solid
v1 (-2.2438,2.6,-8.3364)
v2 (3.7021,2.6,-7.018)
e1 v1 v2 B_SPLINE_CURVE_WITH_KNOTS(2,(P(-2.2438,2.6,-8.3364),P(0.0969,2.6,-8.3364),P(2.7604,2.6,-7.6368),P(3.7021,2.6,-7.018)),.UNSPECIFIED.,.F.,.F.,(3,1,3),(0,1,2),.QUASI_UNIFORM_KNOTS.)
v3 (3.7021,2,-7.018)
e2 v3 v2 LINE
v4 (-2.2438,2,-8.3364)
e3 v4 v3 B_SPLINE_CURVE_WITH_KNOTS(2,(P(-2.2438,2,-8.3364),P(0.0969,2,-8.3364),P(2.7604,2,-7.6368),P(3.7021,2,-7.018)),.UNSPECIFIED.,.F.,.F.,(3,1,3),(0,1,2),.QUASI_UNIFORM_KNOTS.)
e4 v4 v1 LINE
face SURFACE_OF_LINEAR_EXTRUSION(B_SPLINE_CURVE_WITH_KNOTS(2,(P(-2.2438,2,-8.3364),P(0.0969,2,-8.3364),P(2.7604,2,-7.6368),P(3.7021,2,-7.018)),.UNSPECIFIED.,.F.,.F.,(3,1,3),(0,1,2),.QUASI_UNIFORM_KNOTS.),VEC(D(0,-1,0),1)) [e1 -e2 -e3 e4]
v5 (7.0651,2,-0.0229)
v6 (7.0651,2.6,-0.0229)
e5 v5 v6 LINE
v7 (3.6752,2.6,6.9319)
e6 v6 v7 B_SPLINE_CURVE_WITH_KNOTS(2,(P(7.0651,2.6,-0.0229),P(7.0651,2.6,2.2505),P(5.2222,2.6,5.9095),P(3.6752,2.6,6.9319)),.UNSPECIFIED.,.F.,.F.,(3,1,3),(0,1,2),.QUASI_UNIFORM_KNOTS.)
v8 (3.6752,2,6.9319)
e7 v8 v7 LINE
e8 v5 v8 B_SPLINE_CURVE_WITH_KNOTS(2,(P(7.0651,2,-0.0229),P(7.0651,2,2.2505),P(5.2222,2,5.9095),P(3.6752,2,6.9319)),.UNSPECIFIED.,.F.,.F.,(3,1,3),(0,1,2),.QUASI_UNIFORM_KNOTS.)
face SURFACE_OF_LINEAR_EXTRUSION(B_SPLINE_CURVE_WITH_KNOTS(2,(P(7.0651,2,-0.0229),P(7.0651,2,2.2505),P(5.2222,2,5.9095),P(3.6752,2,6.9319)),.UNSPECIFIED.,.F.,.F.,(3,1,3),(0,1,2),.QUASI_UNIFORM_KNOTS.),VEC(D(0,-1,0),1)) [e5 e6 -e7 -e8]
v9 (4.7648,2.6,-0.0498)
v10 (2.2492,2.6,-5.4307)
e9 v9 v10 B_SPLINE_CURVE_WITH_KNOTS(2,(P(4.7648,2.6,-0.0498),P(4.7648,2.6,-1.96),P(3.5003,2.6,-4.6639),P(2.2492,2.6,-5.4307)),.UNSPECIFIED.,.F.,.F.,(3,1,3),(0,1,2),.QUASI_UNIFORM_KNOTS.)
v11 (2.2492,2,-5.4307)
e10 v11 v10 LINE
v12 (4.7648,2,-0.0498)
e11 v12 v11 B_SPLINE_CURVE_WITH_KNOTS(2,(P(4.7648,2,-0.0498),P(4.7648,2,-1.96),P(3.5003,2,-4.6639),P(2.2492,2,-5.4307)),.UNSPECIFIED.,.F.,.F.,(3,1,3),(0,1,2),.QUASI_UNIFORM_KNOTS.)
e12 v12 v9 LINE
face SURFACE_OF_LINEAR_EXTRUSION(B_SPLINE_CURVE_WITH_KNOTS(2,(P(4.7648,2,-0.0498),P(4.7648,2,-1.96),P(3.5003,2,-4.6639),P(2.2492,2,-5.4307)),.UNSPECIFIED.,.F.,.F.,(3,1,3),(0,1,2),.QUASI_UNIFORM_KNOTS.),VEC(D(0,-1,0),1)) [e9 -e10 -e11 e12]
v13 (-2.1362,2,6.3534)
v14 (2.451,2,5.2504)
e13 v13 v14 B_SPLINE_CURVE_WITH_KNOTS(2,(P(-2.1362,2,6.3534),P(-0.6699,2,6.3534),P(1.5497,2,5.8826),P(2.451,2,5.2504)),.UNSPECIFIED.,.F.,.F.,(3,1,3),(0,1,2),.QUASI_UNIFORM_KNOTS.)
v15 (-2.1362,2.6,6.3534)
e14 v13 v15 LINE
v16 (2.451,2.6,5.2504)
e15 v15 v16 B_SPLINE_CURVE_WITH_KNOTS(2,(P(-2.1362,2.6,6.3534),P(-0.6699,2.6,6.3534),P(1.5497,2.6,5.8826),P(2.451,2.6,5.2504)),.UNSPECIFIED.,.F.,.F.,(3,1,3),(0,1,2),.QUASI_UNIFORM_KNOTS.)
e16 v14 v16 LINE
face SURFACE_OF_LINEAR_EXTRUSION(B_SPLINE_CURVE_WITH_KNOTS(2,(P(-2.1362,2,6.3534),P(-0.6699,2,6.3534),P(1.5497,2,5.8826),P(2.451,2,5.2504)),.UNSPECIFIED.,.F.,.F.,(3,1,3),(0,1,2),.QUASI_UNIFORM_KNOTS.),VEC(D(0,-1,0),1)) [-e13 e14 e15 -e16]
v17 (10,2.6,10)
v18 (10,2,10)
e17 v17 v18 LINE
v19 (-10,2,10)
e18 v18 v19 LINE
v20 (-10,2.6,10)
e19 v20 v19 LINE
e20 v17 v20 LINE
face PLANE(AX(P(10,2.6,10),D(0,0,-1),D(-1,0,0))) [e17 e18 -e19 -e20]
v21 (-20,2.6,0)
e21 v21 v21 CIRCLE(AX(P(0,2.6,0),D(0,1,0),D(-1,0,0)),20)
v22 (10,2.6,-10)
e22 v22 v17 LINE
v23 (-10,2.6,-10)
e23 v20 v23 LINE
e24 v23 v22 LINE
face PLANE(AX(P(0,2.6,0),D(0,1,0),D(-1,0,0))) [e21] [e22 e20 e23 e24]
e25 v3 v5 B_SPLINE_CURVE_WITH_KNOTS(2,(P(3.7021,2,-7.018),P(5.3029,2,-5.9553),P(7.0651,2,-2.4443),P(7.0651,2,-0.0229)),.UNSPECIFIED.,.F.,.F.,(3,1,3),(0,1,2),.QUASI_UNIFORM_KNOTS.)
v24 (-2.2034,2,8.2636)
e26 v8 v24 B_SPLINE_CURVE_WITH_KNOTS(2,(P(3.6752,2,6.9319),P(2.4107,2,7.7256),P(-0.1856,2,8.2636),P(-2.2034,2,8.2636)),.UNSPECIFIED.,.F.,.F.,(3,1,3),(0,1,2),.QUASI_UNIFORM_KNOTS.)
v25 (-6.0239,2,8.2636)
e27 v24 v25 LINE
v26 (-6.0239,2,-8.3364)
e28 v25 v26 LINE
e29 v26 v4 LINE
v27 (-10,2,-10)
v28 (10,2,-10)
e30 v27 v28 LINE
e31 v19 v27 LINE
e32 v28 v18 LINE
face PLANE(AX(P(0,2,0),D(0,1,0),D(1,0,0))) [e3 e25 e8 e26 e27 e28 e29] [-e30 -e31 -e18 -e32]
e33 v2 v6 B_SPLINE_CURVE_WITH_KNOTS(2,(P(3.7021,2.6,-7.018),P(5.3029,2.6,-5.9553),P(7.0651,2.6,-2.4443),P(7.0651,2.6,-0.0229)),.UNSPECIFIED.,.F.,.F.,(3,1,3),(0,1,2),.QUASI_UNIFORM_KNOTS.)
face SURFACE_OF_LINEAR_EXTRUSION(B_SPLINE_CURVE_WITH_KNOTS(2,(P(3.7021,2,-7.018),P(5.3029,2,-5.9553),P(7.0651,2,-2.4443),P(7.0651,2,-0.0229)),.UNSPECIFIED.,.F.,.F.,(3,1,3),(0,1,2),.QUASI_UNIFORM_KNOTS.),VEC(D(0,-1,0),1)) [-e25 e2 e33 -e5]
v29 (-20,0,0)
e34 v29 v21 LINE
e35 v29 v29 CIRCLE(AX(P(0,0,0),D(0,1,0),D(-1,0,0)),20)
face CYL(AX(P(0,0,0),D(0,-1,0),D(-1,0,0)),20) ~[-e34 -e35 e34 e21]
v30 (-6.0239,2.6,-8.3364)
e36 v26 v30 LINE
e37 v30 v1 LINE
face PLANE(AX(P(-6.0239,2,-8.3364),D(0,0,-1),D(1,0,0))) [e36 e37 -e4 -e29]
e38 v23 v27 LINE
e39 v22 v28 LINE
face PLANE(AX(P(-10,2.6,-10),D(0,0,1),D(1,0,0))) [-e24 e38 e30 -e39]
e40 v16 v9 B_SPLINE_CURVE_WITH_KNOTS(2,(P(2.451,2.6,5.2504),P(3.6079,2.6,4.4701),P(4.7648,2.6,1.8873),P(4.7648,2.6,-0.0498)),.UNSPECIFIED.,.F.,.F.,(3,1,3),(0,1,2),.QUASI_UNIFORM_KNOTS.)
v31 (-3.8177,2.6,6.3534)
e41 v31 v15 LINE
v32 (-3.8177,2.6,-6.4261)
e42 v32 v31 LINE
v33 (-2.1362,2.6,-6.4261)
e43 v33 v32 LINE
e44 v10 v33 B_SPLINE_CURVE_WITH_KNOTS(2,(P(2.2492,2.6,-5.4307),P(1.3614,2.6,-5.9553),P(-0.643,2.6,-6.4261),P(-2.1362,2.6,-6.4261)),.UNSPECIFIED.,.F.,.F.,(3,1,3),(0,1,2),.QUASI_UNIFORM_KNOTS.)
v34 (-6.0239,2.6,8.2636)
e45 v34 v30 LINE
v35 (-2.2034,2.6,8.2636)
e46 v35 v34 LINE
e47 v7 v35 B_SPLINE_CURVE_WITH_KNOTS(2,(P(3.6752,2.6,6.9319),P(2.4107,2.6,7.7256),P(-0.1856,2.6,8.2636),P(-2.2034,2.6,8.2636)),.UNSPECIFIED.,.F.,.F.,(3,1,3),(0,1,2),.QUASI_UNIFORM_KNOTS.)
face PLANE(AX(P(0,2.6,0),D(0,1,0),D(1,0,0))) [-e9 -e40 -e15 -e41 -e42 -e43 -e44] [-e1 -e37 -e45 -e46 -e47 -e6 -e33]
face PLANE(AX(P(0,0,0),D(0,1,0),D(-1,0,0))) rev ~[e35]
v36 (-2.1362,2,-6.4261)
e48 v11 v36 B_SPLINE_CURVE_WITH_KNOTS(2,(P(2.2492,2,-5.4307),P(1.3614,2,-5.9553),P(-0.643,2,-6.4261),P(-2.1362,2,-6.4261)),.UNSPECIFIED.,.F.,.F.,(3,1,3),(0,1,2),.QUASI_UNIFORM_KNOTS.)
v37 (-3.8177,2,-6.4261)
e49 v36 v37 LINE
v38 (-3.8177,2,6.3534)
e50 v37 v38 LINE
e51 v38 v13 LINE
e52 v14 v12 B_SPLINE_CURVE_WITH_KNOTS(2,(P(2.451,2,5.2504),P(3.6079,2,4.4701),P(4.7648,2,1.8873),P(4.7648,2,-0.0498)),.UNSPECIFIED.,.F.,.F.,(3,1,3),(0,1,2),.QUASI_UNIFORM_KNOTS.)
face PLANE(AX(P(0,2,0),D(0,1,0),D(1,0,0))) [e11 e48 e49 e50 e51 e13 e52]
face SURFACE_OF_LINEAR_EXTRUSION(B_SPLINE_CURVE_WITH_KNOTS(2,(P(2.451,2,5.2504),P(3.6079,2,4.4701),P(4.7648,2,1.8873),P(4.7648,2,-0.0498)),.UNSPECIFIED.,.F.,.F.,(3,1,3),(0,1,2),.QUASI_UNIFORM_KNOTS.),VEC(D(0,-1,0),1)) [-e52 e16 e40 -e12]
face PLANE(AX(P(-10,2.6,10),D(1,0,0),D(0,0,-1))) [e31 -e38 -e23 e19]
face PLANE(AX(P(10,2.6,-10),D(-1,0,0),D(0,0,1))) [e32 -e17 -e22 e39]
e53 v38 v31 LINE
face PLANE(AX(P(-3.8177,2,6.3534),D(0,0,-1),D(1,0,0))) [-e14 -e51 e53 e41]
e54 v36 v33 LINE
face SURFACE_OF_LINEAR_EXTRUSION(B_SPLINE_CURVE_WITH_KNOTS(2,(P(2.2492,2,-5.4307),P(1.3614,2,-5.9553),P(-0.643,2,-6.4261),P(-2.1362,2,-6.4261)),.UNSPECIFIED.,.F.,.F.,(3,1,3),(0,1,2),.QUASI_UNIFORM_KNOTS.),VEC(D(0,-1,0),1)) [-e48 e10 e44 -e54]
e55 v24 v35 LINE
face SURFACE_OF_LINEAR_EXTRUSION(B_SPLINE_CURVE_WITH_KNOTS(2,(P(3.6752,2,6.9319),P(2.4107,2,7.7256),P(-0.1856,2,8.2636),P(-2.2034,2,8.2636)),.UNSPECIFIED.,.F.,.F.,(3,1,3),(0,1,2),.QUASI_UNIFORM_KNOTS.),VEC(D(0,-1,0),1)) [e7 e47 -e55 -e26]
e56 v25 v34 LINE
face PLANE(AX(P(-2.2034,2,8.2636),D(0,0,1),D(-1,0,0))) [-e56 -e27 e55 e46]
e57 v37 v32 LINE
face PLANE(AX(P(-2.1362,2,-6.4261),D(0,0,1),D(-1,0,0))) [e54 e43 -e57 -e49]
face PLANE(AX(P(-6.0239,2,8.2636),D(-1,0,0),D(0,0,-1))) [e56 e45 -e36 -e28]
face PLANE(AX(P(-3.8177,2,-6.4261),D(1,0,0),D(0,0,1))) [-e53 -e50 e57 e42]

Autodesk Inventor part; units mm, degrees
ref_plane "YZ Plane" through (0, 0, 0) normal (1, 0, 0) x (0, 1, 0)
ref_plane "XZ Plane" through (0, 0, 0) normal (0, 1, 0) x (-1, 0, 0)
ref_plane "XY Plane" through (0, 0, 0) normal (0, 0, 1) x (1, 0, 0)
sketch "Sketch1" plane through (0, 0, 0) normal (0, 1, 0) x (-1, 0, 0)
  circle A0 centre (0, 0) radius 20
  dimension "d0" = 40
extrude "Extrusion1" add sketch "Sketch1" along normal blind 2.6
sketch "Sketch2" plane through (0, 2.6, 0) normal (0, 1, 0) x (1, 0, 0)
  line L0 (-10, -10) -> (-10, 10)
  line L1 (-10, 10) -> (10, 10)
  line L2 (10, 10) -> (10, -10)
  line L3 (10, -10) -> (-10, -10)
  line L4 (-10, -10) -> (10, 10) construction
  line L5 (-10, 10) -> (10, -10) construction
  point P0 (0, 0)
  dimension "d3" = 20
  dimension "d4" = 20
extrude "Extrusion2" cut sketch "Sketch2" against normal blind 0.6
sketch "Sketch3" plane through (0, 2, 0) normal (0, 1, 0) x (1, 0, 0)
  line L0 (-7.7054, 8.3364) -> (7.7781, 8.3364) construction
  line L1 (7.7781, 8.3364) -> (7.7781, -8.2636) construction
  line L2 (7.7781, -8.2636) -> (-7.7054, -8.2636) construction
  line L3 (-7.7054, -8.2636) -> (-7.7054, 8.3364) construction
  spline S0 degree 2 poles (7.0651, 0.0229) (7.0651, -2.2505) (5.2222, -5.9095) (3.6752, -6.9319) knots 0 0 0 1 2 2 2
  spline S1 degree 2 poles (3.6752, -6.9319) (2.4107, -7.7256) (-0.1856, -8.2636) (-2.2034, -8.2636) knots 0 0 0 1 2 2 2
  line L4 (-2.2034, -8.2636) -> (-6.0239, -8.2636)
  line L5 (-6.0239, -8.2636) -> (-6.0239, 8.3364)
  line L6 (-6.0239, 8.3364) -> (-2.2438, 8.3364)
  spline S2 degree 2 poles (-2.2438, 8.3364) (0.0969, 8.3364) (2.7604, 7.6368) (3.7021, 7.018) knots 0 0 0 1 2 2 2
  spline S3 degree 2 poles (3.7021, 7.018) (5.3029, 5.9553) (7.0651, 2.4443) (7.0651, 0.0229) knots 0 0 0 1 2 2 2
  spline S4 degree 2 poles (4.7648, 0.0498) (4.7648, 1.96) (3.5003, 4.6639) (2.2492, 5.4307) knots 0 0 0 1 2 2 2
  spline S5 degree 2 poles (2.2492, 5.4307) (1.3614, 5.9553) (-0.643, 6.4261) (-2.1362, 6.4261) knots 0 0 0 1 2 2 2
  line L7 (-2.1362, 6.4261) -> (-3.8177, 6.4261)
  line L8 (-3.8177, 6.4261) -> (-3.8177, -6.3534)
  line L9 (-3.8177, -6.3534) -> (-2.1362, -6.3534)
  spline S6 degree 2 poles (-2.1362, -6.3534) (-0.6699, -6.3534) (1.5497, -5.8826) (2.451, -5.2504) knots 0 0 0 1 2 2 2
  spline S7 degree 2 poles (2.451, -5.2504) (3.6079, -4.4701) (4.7648, -1.8873) (4.7648, 0.0498) knots 0 0 0 1 2 2 2
  point P0 (0, 0)
extrude "Extrusion3" add sketch "Sketch3" along normal blind 0.6
properties part number "TopMarkerPreset"
